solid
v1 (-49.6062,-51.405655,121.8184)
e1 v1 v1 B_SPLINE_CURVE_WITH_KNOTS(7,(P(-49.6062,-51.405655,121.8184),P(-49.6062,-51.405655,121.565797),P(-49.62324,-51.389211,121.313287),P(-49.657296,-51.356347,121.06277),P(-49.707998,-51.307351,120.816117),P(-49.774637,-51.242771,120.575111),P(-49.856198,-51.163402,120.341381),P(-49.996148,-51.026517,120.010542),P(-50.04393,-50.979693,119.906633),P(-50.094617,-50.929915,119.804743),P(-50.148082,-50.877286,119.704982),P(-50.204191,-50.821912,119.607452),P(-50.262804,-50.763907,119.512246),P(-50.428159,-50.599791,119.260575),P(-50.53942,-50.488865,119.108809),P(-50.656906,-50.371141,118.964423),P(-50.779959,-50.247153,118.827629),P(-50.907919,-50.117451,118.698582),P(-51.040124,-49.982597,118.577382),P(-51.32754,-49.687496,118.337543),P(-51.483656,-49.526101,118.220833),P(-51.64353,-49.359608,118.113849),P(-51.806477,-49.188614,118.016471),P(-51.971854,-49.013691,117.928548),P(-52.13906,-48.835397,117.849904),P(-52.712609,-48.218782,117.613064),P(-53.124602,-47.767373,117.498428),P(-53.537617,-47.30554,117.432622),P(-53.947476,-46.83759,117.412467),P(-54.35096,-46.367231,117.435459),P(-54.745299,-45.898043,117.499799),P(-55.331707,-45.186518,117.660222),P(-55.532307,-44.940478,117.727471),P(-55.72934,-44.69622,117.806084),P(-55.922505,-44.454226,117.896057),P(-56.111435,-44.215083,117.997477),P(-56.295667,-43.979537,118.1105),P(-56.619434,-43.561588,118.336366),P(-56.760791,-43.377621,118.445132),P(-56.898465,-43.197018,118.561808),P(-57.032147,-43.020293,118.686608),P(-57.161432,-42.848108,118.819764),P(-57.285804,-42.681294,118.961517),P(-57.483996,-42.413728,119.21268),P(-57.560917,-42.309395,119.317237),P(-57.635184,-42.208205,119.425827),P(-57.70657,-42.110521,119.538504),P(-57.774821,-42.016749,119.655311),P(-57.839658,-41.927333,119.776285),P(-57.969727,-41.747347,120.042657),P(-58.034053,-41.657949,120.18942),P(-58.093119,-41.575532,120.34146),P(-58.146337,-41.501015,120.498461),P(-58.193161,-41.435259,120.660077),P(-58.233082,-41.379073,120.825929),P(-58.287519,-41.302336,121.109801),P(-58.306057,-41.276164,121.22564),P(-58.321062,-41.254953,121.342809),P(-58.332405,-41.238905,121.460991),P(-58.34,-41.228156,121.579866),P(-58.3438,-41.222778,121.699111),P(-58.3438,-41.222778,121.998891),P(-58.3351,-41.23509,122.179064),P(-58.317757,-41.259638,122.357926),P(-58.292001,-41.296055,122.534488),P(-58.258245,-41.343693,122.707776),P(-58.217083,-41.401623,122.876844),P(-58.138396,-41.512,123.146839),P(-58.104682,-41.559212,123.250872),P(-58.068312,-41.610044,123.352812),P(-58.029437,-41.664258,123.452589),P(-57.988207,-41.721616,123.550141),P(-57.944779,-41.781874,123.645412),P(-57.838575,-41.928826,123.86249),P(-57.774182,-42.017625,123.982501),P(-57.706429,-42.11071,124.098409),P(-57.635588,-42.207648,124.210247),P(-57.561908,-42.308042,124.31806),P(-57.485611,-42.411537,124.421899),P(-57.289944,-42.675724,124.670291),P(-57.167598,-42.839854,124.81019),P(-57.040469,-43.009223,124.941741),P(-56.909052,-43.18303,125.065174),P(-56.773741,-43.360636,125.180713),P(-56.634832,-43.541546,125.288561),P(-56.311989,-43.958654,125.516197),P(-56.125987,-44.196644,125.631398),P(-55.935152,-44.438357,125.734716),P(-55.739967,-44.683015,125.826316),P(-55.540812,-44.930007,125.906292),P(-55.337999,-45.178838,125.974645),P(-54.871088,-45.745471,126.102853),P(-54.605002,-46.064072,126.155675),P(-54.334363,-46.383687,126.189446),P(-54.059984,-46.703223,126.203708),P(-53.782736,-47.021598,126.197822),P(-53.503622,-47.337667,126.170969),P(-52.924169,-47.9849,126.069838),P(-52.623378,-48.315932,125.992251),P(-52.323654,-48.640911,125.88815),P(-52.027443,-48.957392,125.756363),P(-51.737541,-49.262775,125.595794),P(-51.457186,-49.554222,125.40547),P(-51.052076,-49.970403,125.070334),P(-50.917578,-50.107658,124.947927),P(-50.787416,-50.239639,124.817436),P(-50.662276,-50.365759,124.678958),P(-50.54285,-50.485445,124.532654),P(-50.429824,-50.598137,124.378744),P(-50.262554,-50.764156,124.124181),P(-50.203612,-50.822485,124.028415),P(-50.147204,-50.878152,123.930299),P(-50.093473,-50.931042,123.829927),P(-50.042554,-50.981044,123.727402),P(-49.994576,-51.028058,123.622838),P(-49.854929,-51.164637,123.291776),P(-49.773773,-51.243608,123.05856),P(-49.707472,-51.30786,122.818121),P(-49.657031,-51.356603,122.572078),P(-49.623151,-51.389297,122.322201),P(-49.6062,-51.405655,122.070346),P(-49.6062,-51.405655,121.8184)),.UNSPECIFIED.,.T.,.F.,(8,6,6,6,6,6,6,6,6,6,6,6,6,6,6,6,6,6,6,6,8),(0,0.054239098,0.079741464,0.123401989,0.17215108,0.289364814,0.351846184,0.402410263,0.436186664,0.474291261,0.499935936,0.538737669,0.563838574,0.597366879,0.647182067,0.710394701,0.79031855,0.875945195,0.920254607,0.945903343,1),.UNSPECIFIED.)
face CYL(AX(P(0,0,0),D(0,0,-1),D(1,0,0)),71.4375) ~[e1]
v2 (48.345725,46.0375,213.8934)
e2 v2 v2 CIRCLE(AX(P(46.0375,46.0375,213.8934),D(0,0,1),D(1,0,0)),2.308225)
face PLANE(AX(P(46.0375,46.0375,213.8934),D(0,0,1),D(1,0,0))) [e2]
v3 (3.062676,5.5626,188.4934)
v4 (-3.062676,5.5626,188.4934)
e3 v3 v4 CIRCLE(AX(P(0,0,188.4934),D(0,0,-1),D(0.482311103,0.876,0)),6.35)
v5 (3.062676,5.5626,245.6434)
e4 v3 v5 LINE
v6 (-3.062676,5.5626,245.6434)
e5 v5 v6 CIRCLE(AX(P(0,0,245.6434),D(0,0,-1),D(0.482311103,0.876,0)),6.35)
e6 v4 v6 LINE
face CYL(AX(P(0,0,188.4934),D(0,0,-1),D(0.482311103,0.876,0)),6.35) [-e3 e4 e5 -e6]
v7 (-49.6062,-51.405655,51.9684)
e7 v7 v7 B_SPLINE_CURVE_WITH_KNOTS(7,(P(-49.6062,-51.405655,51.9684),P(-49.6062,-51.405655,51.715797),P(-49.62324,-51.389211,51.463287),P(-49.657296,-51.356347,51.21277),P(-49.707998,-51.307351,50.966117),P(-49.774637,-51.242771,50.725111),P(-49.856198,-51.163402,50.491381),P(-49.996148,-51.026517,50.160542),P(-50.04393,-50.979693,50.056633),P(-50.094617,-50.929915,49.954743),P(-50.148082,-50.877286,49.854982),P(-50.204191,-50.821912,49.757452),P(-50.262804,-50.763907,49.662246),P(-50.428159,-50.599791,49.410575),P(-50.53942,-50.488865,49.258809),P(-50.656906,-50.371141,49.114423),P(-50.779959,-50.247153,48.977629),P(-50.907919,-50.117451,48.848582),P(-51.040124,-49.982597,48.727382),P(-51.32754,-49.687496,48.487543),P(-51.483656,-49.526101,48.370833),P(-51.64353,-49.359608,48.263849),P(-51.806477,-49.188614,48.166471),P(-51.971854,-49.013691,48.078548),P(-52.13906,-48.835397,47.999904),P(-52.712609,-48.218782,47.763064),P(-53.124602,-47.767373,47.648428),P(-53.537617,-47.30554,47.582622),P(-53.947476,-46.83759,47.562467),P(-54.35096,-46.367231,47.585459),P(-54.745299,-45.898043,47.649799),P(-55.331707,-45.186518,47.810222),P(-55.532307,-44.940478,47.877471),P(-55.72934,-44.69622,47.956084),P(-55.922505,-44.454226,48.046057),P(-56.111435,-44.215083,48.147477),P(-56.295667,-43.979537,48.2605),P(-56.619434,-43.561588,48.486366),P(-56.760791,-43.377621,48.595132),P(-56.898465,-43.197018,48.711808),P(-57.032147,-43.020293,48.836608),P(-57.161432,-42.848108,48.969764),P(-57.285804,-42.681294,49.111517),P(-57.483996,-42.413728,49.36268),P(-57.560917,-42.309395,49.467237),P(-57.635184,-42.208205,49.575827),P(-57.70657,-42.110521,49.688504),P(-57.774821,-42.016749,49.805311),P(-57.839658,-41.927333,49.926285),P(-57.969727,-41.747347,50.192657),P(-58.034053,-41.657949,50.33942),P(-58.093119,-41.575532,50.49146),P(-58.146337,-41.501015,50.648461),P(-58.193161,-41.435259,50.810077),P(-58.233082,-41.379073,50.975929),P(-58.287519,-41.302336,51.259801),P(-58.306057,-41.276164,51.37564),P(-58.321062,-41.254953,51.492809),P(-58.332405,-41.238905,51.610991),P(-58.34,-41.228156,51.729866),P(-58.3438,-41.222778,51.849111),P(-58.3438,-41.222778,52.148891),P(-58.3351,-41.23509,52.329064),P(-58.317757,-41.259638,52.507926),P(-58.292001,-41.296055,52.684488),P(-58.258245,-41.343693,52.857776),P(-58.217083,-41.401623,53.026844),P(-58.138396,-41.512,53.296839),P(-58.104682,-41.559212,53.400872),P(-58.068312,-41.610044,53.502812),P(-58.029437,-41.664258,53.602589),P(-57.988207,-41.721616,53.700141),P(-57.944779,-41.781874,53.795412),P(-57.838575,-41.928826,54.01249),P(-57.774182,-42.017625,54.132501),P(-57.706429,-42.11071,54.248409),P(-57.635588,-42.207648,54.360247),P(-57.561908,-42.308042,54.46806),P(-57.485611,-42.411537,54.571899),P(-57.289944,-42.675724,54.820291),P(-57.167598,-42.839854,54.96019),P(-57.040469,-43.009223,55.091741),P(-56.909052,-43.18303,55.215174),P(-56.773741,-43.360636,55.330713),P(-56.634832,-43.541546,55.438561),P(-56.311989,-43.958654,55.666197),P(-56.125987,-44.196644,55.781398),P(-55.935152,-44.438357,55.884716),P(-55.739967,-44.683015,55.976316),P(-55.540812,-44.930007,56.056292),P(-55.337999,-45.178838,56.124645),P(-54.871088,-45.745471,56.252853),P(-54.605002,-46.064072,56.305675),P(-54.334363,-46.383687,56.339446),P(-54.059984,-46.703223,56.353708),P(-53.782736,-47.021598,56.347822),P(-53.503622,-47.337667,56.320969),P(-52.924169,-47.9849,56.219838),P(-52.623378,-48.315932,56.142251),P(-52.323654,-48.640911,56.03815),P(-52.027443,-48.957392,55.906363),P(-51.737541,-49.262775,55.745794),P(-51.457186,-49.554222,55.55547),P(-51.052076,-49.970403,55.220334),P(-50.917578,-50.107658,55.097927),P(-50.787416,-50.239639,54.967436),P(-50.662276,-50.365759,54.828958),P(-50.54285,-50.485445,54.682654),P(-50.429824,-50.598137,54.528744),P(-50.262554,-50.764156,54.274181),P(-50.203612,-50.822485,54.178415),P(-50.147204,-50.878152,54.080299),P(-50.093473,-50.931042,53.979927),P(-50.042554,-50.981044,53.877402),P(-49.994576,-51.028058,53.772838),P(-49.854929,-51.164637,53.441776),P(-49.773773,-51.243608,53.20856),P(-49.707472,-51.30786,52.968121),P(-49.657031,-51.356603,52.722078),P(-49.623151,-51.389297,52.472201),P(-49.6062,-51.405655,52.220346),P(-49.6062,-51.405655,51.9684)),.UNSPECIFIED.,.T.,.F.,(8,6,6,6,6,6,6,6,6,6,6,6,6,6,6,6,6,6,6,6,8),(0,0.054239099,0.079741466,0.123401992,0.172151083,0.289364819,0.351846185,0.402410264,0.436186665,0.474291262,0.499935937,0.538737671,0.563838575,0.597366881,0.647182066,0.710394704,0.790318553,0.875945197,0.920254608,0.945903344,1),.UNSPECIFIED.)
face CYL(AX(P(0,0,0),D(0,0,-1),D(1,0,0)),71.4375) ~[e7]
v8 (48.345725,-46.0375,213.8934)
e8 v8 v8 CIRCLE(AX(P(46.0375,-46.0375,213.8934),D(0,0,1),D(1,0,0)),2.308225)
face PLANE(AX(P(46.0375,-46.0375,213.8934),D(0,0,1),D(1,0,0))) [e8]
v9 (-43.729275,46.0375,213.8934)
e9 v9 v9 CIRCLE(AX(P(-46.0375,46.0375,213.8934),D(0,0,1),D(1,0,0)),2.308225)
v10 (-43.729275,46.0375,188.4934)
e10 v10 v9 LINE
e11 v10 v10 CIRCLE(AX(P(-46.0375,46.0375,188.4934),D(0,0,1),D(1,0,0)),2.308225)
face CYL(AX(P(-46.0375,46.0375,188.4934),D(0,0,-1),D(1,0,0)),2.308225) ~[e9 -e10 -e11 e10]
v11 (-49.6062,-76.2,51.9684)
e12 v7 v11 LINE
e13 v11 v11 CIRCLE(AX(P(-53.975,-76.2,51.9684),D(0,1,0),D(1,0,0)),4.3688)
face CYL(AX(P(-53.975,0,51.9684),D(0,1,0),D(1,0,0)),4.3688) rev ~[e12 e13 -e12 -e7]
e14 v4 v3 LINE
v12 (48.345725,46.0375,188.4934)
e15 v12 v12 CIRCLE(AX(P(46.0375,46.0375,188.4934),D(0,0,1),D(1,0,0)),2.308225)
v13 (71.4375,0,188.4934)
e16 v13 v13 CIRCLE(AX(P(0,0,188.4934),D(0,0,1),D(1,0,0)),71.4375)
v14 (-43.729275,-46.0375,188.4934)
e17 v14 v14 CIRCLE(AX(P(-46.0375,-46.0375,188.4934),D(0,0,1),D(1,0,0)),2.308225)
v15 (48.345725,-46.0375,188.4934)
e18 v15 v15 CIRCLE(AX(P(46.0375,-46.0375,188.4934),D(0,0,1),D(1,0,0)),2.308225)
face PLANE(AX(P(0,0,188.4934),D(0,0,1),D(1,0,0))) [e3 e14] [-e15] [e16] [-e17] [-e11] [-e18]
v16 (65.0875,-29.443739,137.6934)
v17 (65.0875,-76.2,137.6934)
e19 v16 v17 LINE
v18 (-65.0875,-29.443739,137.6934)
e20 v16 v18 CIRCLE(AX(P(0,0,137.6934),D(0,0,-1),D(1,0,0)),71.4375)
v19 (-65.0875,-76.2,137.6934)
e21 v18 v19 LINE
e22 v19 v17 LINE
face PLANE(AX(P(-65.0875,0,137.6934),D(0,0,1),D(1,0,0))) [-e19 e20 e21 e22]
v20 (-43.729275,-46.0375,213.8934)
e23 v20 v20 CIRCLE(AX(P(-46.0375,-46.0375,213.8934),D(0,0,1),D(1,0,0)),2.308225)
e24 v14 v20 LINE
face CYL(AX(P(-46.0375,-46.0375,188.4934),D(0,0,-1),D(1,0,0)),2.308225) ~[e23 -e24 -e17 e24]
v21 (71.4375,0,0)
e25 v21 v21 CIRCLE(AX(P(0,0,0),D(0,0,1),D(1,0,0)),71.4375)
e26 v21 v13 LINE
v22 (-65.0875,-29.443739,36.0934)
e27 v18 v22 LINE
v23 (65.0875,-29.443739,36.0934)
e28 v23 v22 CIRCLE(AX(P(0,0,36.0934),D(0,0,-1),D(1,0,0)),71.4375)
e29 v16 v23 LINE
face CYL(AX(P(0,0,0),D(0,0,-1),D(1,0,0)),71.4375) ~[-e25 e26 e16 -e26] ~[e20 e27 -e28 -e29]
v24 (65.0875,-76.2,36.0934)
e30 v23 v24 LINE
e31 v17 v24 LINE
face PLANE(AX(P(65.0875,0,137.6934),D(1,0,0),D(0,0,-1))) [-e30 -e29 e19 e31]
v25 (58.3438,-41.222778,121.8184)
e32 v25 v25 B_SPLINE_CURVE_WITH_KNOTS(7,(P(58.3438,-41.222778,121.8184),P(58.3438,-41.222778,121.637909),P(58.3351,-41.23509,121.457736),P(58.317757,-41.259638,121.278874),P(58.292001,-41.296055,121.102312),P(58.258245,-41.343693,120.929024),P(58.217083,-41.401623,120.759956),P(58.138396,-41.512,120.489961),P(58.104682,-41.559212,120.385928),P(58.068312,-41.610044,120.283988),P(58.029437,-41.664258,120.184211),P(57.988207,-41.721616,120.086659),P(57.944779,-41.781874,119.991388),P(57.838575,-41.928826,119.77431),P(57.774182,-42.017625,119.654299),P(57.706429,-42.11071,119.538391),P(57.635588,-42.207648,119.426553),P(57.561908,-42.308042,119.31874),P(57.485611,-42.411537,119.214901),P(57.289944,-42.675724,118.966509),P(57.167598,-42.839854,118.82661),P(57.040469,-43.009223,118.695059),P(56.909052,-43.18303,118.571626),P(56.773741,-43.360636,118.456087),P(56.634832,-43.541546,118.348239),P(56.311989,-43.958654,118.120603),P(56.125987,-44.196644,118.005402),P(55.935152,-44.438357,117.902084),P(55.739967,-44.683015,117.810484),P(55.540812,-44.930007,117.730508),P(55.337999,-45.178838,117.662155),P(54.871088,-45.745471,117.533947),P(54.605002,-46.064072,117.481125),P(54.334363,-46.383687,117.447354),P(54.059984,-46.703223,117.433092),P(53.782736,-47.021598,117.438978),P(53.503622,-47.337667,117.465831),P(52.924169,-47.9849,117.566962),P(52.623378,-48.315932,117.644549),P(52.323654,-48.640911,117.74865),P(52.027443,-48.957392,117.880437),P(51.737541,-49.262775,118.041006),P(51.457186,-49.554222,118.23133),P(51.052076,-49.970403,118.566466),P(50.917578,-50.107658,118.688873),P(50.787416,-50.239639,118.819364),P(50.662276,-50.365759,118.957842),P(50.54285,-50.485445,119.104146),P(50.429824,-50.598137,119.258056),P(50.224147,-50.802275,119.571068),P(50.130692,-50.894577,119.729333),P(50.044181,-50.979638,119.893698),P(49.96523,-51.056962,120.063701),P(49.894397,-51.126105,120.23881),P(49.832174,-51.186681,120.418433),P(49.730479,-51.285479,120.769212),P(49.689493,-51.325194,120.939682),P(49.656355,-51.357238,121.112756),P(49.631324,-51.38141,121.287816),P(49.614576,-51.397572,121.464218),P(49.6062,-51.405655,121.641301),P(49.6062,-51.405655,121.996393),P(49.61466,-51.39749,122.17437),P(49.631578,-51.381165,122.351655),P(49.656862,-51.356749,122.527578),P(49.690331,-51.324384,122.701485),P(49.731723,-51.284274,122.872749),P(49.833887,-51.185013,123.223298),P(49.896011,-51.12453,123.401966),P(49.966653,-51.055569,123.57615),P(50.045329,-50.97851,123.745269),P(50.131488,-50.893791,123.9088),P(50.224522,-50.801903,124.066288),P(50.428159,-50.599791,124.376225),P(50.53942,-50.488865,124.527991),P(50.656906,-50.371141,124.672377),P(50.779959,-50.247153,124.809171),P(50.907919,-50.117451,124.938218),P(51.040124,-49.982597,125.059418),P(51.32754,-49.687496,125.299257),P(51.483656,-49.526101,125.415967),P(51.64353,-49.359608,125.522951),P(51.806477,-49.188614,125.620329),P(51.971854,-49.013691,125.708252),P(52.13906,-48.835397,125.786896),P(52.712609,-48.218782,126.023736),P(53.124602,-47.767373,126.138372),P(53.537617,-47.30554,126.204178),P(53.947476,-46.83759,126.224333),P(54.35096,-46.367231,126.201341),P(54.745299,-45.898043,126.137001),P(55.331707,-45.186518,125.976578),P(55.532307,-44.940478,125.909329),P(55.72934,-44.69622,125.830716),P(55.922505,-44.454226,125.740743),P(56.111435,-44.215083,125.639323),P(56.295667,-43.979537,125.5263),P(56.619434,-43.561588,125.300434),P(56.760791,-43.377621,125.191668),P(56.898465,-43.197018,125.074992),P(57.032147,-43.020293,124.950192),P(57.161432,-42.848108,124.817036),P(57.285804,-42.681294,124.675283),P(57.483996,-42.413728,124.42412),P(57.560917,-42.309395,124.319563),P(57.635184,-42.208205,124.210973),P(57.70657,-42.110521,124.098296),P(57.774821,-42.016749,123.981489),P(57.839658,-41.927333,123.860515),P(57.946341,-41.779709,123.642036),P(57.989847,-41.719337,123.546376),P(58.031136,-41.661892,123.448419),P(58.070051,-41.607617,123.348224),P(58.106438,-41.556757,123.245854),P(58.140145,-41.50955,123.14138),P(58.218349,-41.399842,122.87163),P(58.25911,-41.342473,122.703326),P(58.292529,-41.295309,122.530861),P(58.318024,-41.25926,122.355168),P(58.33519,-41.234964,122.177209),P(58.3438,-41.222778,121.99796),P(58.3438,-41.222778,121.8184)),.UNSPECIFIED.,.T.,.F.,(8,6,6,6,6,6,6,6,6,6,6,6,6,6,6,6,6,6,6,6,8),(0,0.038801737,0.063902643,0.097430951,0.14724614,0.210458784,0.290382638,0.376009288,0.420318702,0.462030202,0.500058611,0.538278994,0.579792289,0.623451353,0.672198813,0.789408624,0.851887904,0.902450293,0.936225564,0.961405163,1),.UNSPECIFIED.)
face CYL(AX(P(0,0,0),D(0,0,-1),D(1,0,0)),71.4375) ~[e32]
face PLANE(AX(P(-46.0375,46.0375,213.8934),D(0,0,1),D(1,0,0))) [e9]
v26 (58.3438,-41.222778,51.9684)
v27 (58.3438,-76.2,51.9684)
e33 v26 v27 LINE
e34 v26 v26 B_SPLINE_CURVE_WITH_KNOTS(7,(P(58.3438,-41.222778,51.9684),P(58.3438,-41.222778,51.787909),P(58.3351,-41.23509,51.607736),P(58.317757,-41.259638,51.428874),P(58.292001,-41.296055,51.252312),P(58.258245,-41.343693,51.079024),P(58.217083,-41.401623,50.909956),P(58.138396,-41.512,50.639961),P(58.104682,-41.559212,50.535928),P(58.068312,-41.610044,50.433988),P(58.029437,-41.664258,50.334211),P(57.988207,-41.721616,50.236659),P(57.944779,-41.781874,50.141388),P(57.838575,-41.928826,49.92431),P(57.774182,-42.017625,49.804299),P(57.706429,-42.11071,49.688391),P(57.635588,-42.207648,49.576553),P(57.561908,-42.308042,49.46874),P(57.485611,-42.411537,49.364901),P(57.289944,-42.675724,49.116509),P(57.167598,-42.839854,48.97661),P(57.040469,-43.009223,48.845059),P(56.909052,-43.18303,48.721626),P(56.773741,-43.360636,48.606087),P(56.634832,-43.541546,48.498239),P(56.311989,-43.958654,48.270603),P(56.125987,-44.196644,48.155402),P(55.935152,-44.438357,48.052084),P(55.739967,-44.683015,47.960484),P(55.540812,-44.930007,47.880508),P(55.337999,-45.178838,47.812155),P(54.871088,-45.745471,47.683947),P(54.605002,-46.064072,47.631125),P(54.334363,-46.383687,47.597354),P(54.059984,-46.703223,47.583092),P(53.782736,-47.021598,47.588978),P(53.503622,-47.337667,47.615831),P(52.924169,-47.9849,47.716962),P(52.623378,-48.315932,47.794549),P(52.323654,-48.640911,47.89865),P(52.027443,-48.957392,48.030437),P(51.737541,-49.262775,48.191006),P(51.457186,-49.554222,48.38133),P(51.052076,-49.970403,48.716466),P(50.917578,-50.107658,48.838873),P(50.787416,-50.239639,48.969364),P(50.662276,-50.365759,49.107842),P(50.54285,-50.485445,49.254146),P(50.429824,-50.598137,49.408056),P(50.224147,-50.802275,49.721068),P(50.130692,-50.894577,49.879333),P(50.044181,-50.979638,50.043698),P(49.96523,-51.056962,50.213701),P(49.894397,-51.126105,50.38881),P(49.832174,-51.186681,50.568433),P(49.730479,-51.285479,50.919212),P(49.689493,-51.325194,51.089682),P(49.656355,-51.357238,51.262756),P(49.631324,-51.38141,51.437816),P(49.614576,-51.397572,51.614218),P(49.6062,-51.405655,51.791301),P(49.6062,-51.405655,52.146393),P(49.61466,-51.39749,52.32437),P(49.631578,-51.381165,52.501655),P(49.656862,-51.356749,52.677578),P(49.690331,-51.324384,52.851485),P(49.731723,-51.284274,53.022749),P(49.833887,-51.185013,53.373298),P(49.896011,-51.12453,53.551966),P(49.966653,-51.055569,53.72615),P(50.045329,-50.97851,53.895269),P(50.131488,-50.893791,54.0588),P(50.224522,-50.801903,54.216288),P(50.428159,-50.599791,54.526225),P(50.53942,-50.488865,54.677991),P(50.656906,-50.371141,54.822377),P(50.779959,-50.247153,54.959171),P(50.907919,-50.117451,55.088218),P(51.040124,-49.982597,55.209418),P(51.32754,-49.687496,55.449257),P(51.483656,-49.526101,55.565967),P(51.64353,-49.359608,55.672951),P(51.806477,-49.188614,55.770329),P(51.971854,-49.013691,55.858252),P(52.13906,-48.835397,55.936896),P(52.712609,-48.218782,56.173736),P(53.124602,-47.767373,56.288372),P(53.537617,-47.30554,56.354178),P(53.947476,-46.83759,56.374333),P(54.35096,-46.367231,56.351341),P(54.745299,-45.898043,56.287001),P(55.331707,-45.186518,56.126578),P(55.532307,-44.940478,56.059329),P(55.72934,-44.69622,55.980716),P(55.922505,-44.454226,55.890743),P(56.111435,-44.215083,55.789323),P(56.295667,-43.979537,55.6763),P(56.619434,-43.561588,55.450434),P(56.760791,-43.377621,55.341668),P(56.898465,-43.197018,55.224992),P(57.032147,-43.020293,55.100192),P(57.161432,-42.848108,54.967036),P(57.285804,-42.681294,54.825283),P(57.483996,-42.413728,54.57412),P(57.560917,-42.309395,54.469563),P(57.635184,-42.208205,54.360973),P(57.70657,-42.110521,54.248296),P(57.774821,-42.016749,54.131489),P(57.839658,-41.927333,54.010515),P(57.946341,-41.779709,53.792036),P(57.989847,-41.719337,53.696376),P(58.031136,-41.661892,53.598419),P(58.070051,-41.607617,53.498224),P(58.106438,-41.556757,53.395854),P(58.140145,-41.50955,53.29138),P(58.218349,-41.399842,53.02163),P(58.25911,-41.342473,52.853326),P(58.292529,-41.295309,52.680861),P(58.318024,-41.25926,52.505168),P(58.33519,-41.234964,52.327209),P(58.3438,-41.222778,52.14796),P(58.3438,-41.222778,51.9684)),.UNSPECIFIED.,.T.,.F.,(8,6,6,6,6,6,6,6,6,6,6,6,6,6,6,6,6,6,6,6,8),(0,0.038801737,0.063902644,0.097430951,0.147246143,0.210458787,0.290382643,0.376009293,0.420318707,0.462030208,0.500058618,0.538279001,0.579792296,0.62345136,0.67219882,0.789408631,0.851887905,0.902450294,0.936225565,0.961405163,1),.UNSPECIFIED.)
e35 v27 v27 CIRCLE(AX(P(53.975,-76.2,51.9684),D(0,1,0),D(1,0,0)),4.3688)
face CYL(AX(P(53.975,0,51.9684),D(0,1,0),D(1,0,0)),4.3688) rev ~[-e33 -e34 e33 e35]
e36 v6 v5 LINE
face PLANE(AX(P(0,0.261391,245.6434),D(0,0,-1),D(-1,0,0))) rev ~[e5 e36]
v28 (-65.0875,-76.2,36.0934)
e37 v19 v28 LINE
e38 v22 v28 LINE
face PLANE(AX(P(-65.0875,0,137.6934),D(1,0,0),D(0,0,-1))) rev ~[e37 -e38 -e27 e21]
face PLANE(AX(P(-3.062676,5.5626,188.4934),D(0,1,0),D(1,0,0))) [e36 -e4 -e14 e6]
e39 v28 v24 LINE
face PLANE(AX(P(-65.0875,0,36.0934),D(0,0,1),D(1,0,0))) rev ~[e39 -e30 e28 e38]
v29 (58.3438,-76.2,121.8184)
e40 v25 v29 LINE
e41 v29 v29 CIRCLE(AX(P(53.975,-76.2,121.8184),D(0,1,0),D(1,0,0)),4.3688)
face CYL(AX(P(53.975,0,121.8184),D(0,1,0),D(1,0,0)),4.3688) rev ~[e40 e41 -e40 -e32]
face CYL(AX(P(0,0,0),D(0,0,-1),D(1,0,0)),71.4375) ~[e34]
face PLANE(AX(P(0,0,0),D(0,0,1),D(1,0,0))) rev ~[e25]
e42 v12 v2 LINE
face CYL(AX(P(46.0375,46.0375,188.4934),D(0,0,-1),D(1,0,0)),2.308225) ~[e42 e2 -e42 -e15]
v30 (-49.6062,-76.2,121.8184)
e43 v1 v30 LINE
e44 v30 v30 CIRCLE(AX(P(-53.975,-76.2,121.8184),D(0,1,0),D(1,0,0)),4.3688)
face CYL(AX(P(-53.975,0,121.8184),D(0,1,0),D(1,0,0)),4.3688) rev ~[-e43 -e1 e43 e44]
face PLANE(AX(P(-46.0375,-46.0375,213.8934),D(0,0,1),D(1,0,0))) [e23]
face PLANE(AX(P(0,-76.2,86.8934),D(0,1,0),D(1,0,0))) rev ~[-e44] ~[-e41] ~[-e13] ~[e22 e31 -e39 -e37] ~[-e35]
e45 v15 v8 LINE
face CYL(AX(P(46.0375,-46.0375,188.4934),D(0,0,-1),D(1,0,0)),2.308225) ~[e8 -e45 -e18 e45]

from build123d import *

# Parameters (mm, degrees)
SKETCH1_R           = 71.4375
BOSS_EXTRUDE1_DEPTH = 188.4934
SKETCH2_R           = 2.308225
BOSS_EXTRUDE2_DEPTH = 25.4
BOSS_EXTRUDE3_DEPTH = 57.15
SKETCH4_W           = 130.175
SKETCH4_H           = 101.6
SKETCH4_R           = 4.3688
BOSS_EXTRUDE4_DEPTH = 76.2


with BuildPart() as part:
    # Sketch1 → Boss-Extrude1 (new body)
    with BuildSketch(Plane.XY):
        Circle(SKETCH1_R)
    extrude(amount=BOSS_EXTRUDE1_DEPTH)

    # Sketch2 → Boss-Extrude2 (add)
    with BuildSketch(Plane.XY.offset(188.4934)):
        with Locations((-46.0375, 46.0375)):
            Circle(SKETCH2_R)
        with Locations((-46.0375, -46.0375)):
            Circle(SKETCH2_R)
        with Locations((46.0375, -46.0375)):
            Circle(SKETCH2_R)
        with Locations((46.0375, 46.0375)):
            Circle(SKETCH2_R)
    extrude(amount=BOSS_EXTRUDE2_DEPTH)

    # Sketch3 → Boss-Extrude3 (add)
    with BuildSketch(Plane.XY.offset(188.4934)):
        with BuildLine():
            Line((-3.062675504, 5.5626), (3.062675504, 5.5626))
            ThreePointArc((3.062675504, 5.5626), (0, -6.35), (-3.062675504, 5.5626))
        make_face()
    extrude(amount=BOSS_EXTRUDE3_DEPTH)

    # Sketch4 → Boss-Extrude4 (add)
    with BuildSketch(Plane(origin=(0, 0, 0), x_dir=(1, 0, 0), z_dir=(0, 1, 0))):
        with Locations((0, -86.8934)):
            Rectangle(SKETCH4_W, SKETCH4_H)
        with Locations((-53.975, -121.8184)):
            Circle(SKETCH4_R, mode=Mode.SUBTRACT)
        with Locations((53.975, -121.8184)):
            Circle(SKETCH4_R, mode=Mode.SUBTRACT)
        with Locations((-53.975, -51.9684)):
            Circle(SKETCH4_R, mode=Mode.SUBTRACT)
        with Locations((53.975, -51.9684)):
            Circle(SKETCH4_R, mode=Mode.SUBTRACT)
    extrude(amount=-BOSS_EXTRUDE4_DEPTH)


solid = part.part
